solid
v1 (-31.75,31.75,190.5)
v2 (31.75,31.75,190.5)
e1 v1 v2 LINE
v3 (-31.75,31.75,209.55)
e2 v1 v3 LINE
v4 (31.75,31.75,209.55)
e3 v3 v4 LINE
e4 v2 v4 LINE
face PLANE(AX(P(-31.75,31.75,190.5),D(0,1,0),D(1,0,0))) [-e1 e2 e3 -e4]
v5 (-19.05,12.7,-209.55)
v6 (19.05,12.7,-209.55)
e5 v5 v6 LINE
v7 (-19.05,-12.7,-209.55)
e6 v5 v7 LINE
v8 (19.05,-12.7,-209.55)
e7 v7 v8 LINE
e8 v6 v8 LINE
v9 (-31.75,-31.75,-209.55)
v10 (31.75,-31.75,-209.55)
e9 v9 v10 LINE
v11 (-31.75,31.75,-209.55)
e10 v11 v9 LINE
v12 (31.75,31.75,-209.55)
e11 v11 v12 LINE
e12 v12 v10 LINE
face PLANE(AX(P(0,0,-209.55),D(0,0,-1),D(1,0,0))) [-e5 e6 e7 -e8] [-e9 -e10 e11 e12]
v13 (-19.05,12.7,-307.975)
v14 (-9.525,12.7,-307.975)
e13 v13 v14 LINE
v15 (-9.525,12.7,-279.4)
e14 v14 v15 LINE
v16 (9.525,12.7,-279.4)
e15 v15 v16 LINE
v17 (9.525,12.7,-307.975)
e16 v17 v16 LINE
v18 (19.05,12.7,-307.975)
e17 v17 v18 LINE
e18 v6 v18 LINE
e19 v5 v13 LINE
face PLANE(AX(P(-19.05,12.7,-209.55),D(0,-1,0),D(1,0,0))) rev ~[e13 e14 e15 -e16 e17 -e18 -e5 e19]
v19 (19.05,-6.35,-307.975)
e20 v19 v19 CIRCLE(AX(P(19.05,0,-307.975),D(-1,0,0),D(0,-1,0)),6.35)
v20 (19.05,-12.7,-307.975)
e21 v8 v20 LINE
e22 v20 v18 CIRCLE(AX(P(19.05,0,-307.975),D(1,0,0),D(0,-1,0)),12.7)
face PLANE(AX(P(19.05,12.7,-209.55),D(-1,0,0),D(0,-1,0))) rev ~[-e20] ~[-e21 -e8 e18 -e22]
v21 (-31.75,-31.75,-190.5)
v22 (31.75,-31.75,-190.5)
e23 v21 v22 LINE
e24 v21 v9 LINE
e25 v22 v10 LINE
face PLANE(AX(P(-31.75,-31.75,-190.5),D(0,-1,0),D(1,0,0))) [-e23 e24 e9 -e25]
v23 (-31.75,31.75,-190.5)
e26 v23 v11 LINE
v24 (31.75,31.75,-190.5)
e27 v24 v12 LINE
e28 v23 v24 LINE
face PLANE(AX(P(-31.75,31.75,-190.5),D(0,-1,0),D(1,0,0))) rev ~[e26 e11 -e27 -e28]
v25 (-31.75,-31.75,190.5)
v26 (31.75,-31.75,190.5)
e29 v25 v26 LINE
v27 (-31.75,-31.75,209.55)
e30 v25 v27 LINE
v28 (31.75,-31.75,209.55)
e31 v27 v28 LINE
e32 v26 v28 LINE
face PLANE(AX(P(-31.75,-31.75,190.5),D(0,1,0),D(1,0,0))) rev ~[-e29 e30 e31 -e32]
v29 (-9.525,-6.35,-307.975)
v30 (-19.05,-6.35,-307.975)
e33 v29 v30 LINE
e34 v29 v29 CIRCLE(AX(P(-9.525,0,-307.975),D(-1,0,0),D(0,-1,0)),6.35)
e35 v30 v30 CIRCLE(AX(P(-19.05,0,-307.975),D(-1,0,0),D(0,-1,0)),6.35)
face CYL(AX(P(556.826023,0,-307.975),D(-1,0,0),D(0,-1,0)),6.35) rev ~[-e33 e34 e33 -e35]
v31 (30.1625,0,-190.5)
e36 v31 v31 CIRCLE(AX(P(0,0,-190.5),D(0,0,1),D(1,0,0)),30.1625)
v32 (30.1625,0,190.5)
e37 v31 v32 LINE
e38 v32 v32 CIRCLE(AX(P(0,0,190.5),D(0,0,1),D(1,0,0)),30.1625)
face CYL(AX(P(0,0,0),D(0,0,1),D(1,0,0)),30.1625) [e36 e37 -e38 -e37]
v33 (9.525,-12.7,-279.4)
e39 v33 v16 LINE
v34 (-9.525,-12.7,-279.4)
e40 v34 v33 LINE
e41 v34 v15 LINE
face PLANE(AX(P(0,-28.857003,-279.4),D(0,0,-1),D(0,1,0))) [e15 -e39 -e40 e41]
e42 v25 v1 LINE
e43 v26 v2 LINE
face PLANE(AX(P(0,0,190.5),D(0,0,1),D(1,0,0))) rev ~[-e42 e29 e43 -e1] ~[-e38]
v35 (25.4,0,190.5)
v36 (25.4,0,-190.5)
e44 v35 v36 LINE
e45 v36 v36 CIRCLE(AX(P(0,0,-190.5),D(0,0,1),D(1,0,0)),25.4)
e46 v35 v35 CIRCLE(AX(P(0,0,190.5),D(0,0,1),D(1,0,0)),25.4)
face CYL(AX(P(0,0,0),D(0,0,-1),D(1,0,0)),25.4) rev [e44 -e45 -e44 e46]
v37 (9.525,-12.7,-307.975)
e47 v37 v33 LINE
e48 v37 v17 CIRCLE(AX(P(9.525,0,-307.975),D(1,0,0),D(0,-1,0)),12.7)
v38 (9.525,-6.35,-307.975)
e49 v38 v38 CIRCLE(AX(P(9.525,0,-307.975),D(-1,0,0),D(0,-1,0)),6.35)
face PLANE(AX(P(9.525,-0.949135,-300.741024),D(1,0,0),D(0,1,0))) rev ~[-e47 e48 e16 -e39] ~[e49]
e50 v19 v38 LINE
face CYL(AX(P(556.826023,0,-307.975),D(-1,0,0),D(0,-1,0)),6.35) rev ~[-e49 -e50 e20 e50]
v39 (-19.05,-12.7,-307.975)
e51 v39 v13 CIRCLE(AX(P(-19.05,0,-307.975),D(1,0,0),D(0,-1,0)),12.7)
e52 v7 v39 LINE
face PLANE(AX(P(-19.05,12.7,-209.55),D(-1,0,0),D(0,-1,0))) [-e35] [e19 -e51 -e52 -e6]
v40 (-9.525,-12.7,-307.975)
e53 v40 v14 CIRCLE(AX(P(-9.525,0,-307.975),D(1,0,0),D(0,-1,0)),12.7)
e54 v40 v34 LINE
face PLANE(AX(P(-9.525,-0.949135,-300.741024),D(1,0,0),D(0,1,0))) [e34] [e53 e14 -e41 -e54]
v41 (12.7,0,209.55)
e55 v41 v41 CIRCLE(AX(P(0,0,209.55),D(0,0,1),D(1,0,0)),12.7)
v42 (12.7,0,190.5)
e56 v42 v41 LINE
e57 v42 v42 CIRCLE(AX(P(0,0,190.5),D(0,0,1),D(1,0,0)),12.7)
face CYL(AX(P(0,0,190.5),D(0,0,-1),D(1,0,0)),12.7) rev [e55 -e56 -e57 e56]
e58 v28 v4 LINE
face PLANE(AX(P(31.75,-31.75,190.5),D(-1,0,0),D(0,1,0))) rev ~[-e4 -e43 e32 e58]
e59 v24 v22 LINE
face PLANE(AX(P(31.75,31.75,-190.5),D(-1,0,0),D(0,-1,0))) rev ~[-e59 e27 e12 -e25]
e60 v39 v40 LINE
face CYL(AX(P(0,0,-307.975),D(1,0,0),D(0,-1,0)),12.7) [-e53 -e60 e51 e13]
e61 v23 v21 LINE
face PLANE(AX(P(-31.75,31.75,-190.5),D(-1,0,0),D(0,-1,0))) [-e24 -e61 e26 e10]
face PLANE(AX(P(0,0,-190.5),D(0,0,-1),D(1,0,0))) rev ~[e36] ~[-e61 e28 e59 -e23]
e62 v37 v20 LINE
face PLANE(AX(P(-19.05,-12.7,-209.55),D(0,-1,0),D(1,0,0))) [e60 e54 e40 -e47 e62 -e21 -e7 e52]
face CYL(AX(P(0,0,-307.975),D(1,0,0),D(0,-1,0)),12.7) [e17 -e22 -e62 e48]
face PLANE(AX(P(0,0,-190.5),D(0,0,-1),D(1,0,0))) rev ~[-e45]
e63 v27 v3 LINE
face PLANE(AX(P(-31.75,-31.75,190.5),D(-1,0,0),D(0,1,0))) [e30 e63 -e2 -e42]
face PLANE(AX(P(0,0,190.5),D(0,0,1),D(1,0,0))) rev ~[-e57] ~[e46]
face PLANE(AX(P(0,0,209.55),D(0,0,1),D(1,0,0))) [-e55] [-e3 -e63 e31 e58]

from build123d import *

# Parameters (mm, degrees)
F0_R      = 30.1625
F0_R_2    = 25.4
F1_DEPTH  = 190.5
F3_W      = 63.5
F3_H      = 63.5
F3_R      = 12.7
F4_DEPTH  = 19.05
F6_W      = 63.5
F6_H      = 63.5
F7_DEPTH  = 19.05
F8_W      = 38.1
F8_H      = 25.4
F9_DEPTH  = 98.425
F10_W     = 38.1
F10_H     = 12.7
F13_D     = 12.7
F14_W     = 55.815736
F14_H     = 42.682048
F15_DEPTH = 9.525


with BuildPart() as f1:
    # F0 (on Top) → F1 (new body, symmetric)
    with BuildSketch(Plane.XY):
        Circle(F0_R)
        Circle(F0_R_2, mode=Mode.SUBTRACT)
    extrude(amount=F1_DEPTH, both=True)

    # F3 (on offset) → F4 (join)
    with BuildSketch(Plane.XY.offset(190.5)):
        Rectangle(F3_W, F3_H)
        Circle(F3_R, mode=Mode.SUBTRACT)
    extrude(amount=F4_DEPTH)

    # F6 (on offset) → F7 (join)
    with BuildSketch(Plane(origin=(0, 0, -190.5), x_dir=(1, 0, 0), z_dir=(0, 0, -1))):
        Rectangle(F6_W, F6_H)
    extrude(amount=F7_DEPTH)

    # F8 (on face) → F9 (join)
    with BuildSketch(Plane(origin=(0, 0, -209.55), x_dir=(1, 0, 0), z_dir=(0, 0, -1))):
        Rectangle(F8_W, F8_H)
    extrude(amount=F9_DEPTH)

    # F10 (on face) → F11 (revolve)
    with BuildSketch(Plane(origin=(0, 0, -307.975), x_dir=(1, 0, 0), z_dir=(0, 0, -1))):
        with Locations((0, 6.35)):
            Rectangle(F10_W, F10_H)
    revolve(axis=Axis((0, 0, -307.975), (1, 0, 0)))

    # F13 (through all)
    with Locations(Plane.YZ.offset(19.05)):
        with Locations((0, -307.975)):
            Hole(F13_D / 2)

    # F14 (on Right) → F15 (cut, symmetric)
    with BuildSketch(Plane.YZ):
        with Locations((-0.949135, -300.741024)):
            Rectangle(F14_W, F14_H)
    extrude(amount=F15_DEPTH, both=True, mode=Mode.SUBTRACT)


solid = f1.part
